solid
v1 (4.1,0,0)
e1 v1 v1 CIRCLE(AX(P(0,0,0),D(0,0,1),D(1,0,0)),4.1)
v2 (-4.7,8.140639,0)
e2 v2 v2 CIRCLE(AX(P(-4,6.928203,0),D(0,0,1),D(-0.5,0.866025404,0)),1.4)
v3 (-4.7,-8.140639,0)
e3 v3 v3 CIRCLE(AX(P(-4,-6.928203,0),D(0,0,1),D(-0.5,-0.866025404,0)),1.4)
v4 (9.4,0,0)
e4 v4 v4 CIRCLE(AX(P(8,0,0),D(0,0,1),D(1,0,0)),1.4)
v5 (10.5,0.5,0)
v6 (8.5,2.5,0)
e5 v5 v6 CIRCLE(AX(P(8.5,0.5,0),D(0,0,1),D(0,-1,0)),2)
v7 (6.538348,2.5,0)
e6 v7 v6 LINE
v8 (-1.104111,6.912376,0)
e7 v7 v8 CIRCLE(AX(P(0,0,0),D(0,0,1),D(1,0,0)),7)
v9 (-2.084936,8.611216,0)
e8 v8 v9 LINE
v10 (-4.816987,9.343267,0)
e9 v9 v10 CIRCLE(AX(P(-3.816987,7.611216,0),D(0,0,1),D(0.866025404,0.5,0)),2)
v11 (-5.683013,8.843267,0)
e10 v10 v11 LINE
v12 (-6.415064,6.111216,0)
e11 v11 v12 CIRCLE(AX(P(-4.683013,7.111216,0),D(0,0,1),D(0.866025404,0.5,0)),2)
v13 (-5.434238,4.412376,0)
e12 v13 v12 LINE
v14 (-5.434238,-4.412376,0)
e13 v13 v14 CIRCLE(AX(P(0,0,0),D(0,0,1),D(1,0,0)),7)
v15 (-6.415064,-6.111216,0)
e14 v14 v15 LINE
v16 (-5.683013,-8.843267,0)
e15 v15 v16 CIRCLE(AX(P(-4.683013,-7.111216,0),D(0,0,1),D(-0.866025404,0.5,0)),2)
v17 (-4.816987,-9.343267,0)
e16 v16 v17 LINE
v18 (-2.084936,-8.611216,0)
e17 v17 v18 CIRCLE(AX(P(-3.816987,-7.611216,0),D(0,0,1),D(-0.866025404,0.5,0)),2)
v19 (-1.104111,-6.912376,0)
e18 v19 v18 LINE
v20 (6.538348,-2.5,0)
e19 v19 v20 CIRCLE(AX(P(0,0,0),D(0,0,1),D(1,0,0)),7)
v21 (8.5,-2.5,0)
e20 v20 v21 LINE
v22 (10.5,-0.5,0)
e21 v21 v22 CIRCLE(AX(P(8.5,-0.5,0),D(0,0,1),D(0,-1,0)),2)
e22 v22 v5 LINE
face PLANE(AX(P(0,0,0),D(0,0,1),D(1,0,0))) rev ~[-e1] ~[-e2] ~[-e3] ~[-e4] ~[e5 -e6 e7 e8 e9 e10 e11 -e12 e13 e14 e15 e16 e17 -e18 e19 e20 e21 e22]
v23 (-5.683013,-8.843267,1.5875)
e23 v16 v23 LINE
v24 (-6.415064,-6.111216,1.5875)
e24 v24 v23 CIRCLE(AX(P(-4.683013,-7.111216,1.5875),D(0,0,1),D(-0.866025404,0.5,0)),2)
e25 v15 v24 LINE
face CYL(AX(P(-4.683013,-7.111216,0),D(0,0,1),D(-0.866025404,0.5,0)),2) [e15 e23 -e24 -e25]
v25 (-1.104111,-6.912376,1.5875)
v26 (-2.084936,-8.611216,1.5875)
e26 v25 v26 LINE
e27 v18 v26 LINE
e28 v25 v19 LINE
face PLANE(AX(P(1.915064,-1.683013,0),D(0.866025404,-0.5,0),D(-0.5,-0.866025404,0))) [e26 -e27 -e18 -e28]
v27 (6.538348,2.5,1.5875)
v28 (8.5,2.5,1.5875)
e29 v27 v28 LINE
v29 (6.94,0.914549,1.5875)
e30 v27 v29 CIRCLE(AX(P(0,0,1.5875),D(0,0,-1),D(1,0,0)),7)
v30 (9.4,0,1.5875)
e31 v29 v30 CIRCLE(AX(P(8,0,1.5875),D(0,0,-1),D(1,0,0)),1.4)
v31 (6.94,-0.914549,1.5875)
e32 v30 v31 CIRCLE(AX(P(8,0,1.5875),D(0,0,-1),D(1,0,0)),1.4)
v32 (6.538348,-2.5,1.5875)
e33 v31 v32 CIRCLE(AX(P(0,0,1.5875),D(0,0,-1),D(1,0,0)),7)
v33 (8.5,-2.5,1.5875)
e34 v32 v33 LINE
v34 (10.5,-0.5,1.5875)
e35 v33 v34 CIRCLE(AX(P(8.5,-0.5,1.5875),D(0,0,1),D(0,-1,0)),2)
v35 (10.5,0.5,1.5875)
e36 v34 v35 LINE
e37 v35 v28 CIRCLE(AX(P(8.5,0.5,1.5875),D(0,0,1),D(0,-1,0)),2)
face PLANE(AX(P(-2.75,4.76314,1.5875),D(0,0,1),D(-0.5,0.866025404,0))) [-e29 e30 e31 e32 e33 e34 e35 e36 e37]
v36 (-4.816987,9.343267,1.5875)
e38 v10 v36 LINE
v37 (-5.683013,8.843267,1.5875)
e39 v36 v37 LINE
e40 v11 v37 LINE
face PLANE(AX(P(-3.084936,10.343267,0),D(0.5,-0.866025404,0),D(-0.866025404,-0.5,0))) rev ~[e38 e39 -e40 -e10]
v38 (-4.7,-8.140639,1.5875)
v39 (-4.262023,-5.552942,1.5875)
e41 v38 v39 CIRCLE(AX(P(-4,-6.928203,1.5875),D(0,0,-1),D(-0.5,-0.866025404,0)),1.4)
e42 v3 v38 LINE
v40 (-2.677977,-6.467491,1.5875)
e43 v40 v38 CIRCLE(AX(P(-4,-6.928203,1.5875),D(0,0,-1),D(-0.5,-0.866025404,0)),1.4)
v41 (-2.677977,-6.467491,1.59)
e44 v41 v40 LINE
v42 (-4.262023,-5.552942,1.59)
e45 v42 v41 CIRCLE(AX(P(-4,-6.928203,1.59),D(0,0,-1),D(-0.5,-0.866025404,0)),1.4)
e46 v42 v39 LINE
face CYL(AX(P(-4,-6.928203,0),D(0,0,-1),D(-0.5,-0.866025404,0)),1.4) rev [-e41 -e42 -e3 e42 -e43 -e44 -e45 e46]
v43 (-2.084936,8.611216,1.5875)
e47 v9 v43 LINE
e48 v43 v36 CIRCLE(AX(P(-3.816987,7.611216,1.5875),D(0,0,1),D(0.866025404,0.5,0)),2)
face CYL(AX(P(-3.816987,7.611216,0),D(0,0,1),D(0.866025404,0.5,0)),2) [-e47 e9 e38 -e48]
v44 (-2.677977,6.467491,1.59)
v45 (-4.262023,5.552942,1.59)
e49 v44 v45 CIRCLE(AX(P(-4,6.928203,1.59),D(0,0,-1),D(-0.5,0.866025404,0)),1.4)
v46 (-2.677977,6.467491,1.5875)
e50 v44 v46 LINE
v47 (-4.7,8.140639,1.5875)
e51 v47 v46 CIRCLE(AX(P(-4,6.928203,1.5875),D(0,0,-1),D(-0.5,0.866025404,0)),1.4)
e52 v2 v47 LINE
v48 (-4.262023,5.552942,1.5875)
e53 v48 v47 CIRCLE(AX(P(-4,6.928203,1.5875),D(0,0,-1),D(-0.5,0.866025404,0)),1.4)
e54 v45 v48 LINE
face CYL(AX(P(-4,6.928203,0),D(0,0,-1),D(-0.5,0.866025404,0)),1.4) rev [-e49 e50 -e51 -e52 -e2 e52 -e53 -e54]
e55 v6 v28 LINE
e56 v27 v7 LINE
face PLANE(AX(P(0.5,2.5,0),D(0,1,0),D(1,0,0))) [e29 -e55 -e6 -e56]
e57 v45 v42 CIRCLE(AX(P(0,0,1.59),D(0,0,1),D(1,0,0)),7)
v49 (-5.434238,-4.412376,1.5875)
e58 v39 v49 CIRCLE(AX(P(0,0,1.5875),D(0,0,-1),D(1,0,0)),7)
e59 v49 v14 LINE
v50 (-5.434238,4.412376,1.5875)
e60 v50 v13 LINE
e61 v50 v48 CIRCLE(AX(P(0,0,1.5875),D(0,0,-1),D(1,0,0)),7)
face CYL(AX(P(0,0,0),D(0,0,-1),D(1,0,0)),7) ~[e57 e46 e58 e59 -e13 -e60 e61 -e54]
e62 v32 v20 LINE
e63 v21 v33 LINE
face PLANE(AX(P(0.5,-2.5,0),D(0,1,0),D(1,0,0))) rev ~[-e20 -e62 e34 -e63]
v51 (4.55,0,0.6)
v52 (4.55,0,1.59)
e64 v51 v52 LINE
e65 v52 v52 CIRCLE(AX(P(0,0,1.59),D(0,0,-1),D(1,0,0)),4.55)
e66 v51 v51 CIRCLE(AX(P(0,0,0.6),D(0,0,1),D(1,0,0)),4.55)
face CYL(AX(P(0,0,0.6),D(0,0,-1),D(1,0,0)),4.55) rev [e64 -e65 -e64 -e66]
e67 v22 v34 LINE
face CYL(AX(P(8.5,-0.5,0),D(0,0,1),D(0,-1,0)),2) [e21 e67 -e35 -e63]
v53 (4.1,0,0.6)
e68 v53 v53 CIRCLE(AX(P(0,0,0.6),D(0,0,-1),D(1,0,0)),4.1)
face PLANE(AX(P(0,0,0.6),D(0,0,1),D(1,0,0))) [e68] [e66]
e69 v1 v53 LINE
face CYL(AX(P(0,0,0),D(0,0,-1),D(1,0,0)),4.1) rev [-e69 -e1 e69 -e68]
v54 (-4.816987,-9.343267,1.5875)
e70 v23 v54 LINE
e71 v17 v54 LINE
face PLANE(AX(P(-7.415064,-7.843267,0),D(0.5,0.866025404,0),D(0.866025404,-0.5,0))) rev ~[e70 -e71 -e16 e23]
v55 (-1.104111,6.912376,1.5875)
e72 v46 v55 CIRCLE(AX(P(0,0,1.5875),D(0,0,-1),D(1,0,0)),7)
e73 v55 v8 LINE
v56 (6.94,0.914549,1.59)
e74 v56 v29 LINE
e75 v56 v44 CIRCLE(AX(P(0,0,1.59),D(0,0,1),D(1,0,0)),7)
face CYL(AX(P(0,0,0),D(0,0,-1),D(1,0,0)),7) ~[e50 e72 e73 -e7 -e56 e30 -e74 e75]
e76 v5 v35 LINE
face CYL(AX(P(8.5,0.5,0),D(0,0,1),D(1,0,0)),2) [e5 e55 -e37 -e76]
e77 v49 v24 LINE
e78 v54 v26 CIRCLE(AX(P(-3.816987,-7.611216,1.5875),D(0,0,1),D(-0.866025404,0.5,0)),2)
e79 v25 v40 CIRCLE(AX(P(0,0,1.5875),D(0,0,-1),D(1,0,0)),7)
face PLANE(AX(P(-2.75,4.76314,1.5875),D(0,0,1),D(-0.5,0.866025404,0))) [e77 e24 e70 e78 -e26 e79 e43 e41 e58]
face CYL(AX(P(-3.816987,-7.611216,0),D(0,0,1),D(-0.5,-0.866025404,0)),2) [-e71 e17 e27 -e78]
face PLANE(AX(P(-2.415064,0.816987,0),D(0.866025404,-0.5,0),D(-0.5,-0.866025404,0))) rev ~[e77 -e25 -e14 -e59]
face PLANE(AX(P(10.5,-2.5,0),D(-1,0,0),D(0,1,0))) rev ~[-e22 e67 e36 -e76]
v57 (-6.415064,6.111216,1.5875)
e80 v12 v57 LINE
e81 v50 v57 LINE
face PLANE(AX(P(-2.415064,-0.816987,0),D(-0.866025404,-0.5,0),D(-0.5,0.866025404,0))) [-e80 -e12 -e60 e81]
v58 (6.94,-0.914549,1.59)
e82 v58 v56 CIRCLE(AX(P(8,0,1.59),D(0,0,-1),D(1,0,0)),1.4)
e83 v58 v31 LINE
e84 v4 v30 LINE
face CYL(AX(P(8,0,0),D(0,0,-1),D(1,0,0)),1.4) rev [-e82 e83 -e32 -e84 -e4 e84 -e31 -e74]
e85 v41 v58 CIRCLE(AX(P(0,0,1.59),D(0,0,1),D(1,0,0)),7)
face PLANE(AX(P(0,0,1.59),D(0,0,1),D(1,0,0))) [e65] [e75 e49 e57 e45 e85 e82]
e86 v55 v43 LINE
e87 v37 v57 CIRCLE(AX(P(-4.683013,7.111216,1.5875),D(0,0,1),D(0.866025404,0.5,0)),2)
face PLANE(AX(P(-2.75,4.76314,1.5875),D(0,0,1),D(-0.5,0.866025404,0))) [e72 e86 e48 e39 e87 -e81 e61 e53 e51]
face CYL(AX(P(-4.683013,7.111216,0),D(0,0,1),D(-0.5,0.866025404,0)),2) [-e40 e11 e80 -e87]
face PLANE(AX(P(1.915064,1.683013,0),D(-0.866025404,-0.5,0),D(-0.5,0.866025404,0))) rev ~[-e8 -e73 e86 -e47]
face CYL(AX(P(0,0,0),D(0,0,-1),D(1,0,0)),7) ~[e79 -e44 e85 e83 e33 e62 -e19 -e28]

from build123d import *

# Parameters (mm, degrees)
CYLINDER030_R     = 4.55
CYLINDER030_DEPTH = 10
CYLINDER029_R     = 1.4
CYLINDER029_DEPTH = 10
ARRAY002_COUNT    = 3
CYLINDER031_R     = 4.1
CYLINDER031_DEPTH = 10
BOX002_W          = 10
BOX002_H          = 5
BOX002_DEPTH      = 1.5875
FILLET001_R       = 2
ARRAY003_COUNT    = 3
CYLINDER032_R     = 7
CYLINDER032_DEPTH = 1.59


with BuildPart() as mountplatelip001:
    # Cylinder030 → Cylinder030 (new body)
    with BuildSketch(Plane.XY.offset(0.6)):
        Circle(CYLINDER030_R)
    extrude(amount=CYLINDER030_DEPTH)


with BuildPart() as array002:
    # Cylinder029 → Cylinder029 (new body)
    with BuildSketch(Plane(origin=(8, 0, 0), x_dir=(1, 0, 0), z_dir=(0, 0, 1))):
        Circle(CYLINDER029_R)
    extrude(amount=CYLINDER029_DEPTH)

    # Array002: Array002 ×3 about axis
    array002_axis = Axis((0, 0, 0), (0, 0, 1))


with BuildPart() as array002_1:
    add(array002.part)
    for i in range(1, ARRAY002_COUNT):
        add(array002.part.rotate(array002_axis, i * 360 / ARRAY002_COUNT))


with BuildPart() as fusion006:
    # Cylinder031 → Cylinder031 (new body)
    with BuildSketch(Plane.XY):
        Circle(CYLINDER031_R)
    extrude(amount=CYLINDER031_DEPTH)

    # Fusion006: union MountPlateLip001, Array002
    add(mountplatelip001.part)
    add(array002_1.part)


with BuildPart() as array003:
    # Box002 → Box002 (new body)
    with BuildSketch(Plane(origin=(0.5, -2.5, 0), x_dir=(1, 0, 0), z_dir=(0, 0, 1))):
        with Locations((5, 2.5)):
            Rectangle(BOX002_W, BOX002_H)
    extrude(amount=BOX002_DEPTH)

    # Fillet001
    fillet001_edges = [array003.edges().sort_by_distance(p)[0] for p in [
        (10.5, -2.5, 0.79375),
        (10.5, 2.5, 0.79375),
    ]]
    fillet(fillet001_edges, radius=FILLET001_R)

    # Array003: Array003 ×3 about axis
    array003_axis = Axis((0, 0, 0), (0, 0, 1))


with BuildPart() as array003_1:
    add(array003.part)
    for i in range(1, ARRAY003_COUNT):
        add(array003.part.rotate(array003_axis, i * 360 / ARRAY003_COUNT))


with BuildPart() as cut009:
    # Cylinder032 → Cylinder032 (new body)
    with BuildSketch(Plane.XY):
        Circle(CYLINDER032_R)
    extrude(amount=CYLINDER032_DEPTH)

    # Fusion007: union Array003
    add(array003_1.part)

    # Cut009: cut Fusion006
    add(fusion006.part, mode=Mode.SUBTRACT)


solid = cut009.part
